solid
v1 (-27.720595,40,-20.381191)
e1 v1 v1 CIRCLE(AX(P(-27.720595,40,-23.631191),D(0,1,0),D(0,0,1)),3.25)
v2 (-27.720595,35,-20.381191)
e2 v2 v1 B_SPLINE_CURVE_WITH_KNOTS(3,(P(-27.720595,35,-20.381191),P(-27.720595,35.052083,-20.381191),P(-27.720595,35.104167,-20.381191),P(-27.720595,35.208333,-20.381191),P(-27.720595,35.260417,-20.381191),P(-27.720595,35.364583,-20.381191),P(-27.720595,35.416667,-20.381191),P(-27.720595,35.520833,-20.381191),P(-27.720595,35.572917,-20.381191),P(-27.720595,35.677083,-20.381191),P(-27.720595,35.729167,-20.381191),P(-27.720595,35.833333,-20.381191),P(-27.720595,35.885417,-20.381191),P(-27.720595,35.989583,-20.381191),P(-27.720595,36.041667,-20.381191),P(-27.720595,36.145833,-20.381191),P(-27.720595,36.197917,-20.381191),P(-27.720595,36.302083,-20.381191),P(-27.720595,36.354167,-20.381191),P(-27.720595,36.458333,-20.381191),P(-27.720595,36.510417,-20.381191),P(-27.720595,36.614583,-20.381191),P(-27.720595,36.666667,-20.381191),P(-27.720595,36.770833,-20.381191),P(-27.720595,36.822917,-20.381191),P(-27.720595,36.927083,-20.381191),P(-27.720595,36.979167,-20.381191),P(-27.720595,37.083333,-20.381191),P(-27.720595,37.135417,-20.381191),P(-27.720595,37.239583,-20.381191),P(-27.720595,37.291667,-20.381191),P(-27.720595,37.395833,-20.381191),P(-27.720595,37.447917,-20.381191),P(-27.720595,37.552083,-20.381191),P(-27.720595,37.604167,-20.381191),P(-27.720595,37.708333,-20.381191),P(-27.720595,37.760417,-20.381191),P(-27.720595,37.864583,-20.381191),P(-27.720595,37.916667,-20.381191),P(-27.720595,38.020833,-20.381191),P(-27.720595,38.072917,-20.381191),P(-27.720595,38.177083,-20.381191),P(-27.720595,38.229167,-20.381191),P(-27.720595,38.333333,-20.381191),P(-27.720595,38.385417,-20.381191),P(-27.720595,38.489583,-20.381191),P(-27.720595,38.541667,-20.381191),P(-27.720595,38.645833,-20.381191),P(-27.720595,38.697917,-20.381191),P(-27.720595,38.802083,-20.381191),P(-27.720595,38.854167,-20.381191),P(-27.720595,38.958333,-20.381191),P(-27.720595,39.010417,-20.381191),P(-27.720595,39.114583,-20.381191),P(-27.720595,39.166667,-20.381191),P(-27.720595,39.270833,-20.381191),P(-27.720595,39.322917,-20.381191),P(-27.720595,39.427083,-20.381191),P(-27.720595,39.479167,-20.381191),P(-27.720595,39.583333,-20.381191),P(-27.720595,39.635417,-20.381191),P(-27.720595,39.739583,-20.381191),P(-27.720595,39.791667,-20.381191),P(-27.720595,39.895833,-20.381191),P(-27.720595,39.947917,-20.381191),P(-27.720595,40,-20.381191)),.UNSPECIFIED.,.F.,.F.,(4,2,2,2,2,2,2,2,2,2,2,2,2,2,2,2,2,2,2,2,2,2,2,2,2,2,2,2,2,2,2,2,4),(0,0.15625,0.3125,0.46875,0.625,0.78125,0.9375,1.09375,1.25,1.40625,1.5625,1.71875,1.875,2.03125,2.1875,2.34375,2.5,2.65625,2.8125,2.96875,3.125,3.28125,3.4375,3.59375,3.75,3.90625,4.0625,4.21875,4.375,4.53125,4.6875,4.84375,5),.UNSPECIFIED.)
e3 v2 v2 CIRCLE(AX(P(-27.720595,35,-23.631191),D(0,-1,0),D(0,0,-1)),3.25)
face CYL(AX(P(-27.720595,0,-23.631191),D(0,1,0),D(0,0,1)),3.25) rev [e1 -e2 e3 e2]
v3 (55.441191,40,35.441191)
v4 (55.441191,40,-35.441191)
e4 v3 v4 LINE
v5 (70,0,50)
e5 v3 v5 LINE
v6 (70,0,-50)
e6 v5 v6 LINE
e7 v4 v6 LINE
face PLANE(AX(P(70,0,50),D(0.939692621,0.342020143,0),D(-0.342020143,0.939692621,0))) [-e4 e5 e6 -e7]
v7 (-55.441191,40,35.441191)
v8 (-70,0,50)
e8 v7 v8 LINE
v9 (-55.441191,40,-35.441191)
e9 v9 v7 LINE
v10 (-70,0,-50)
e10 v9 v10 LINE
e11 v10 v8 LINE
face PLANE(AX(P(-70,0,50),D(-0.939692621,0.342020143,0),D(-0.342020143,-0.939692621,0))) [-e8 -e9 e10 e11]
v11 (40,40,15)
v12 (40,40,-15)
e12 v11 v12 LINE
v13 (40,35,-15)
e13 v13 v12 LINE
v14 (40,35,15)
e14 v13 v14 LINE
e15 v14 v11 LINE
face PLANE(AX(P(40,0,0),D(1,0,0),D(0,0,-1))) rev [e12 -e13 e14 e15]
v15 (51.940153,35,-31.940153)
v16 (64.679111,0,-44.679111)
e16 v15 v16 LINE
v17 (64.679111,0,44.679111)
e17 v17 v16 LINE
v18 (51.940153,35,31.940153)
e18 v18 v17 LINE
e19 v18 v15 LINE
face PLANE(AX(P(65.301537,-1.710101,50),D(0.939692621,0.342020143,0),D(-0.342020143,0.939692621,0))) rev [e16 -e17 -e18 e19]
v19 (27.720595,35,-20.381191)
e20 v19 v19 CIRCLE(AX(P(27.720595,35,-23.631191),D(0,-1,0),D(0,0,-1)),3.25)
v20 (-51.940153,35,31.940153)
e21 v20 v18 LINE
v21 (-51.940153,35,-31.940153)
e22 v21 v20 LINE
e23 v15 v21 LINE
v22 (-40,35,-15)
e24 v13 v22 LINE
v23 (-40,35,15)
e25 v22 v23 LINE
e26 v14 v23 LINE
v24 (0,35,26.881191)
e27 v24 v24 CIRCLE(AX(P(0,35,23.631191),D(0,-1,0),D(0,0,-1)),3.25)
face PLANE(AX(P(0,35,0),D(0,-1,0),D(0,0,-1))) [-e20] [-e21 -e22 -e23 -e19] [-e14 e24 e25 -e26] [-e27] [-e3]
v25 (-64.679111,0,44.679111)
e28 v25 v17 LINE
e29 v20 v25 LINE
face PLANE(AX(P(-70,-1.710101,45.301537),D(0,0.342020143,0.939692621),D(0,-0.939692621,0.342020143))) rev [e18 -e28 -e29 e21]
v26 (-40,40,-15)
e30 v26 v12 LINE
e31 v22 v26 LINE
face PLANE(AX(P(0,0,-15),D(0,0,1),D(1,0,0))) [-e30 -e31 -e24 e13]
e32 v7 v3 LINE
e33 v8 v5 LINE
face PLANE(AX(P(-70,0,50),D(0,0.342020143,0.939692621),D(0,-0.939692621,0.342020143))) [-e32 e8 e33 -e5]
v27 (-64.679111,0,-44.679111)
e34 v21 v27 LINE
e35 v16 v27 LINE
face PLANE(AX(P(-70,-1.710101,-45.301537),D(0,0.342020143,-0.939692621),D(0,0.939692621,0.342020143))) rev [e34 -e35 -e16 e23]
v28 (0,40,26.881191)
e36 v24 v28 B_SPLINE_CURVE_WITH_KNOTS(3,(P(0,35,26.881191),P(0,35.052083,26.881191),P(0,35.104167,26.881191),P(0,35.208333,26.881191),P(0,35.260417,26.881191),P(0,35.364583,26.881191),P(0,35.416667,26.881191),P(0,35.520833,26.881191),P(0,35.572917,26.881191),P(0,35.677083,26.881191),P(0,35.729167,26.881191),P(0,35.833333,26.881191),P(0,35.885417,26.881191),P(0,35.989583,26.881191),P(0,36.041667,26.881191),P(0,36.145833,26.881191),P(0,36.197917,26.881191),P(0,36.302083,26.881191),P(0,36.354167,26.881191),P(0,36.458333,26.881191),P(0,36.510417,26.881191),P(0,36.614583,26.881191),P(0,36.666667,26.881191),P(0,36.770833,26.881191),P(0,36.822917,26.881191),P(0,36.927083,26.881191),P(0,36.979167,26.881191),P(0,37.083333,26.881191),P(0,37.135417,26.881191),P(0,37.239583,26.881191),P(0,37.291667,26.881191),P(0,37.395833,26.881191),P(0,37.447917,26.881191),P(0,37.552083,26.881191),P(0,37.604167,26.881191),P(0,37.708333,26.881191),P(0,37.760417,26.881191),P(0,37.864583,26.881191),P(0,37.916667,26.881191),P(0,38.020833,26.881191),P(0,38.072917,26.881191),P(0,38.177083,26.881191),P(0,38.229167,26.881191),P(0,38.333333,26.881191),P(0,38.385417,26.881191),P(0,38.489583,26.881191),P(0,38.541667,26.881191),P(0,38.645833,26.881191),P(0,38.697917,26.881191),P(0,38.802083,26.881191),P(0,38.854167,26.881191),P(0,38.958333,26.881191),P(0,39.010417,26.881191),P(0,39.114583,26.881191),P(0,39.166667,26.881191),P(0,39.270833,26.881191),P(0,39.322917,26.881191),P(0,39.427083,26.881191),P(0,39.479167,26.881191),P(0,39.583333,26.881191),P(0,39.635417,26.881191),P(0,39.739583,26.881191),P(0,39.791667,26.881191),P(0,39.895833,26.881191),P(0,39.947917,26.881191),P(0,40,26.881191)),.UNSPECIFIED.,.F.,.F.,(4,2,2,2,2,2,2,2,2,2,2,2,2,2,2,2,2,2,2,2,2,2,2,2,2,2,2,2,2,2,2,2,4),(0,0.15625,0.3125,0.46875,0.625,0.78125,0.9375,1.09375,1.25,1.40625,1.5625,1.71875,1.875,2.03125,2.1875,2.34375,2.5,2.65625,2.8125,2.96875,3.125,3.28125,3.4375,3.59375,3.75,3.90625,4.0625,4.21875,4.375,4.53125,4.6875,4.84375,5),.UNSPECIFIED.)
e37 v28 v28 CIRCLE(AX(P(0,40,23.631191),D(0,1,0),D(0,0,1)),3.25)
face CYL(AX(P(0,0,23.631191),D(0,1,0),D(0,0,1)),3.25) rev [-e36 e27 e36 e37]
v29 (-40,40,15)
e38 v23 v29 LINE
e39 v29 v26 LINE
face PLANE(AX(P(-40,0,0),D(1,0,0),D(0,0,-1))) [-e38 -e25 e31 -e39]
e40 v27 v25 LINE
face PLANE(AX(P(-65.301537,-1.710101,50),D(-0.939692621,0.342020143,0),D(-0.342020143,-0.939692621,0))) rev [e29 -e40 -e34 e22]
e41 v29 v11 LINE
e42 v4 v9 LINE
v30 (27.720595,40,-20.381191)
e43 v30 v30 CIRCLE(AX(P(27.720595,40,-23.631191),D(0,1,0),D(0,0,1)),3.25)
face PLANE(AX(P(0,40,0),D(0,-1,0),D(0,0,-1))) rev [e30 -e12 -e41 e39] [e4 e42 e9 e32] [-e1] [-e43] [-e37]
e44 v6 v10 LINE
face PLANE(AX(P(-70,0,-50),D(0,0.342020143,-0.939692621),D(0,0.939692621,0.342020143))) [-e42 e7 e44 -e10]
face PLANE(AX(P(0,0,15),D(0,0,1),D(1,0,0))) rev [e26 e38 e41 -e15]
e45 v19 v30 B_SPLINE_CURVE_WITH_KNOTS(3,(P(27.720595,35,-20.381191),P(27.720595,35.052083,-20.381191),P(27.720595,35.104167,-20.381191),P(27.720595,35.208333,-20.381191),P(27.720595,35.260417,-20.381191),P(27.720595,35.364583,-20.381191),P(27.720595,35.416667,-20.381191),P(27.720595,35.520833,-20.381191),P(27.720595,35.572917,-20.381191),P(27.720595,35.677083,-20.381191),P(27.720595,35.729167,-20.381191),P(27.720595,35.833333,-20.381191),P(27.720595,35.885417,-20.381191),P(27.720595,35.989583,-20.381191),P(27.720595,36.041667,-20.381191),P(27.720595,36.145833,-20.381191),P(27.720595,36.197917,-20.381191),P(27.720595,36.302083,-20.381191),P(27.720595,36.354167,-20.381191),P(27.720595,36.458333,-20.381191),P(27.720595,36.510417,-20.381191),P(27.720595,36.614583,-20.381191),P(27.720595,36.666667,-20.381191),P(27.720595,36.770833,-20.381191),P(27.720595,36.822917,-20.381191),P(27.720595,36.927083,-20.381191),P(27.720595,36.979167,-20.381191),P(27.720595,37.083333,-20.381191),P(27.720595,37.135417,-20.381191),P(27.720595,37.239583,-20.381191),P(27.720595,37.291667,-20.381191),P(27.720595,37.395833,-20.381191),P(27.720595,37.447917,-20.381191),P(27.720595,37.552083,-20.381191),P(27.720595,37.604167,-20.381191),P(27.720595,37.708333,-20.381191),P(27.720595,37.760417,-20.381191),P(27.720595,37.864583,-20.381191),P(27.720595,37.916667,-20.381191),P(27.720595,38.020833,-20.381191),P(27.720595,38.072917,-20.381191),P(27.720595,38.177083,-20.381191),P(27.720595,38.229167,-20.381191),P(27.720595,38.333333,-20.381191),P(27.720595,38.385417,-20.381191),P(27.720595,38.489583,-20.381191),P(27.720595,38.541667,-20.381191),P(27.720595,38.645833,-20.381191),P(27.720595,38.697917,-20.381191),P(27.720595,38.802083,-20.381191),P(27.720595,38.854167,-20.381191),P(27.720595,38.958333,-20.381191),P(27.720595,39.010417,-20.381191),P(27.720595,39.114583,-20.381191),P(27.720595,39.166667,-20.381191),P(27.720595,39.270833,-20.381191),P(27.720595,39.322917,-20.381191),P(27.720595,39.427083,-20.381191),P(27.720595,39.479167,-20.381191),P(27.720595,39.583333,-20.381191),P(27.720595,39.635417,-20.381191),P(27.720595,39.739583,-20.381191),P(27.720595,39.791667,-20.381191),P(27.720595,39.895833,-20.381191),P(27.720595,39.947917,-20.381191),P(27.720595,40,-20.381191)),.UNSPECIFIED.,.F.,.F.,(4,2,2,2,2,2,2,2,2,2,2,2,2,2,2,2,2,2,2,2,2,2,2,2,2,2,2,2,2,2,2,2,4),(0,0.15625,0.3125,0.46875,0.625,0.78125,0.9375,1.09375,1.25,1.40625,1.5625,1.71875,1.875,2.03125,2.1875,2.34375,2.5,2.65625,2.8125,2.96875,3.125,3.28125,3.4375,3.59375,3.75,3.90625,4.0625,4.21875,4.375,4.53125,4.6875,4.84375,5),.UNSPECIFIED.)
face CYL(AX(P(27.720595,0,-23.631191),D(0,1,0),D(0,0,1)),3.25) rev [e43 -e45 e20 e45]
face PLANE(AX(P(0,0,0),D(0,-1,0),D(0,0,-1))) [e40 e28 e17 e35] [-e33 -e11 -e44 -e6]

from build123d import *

# Parameters (mm, degrees)
SKETCH1_W           = 140
SKETCH1_H           = 100
BOSS_EXTRUDE2_DEPTH = 40
BOSS_EXTRUDE2_TAPER = 20
SHELL1_T            = -5
SKETCH3_R           = 3.25
SKETCH3_W           = 80
SKETCH3_H           = 30
CUT_EXTRUDE1_DEPTH  = 95.868329974


with BuildPart() as part:
    # Sketch1 → Boss-Extrude2 (new body)
    with BuildSketch(Plane(origin=(0, 0, 0), x_dir=(1, 0, 0), z_dir=(0, 1, 0))):
        Rectangle(SKETCH1_W, SKETCH1_H)
    extrude(amount=BOSS_EXTRUDE2_DEPTH, taper=BOSS_EXTRUDE2_TAPER)

    # Shell1
    shell1_openings = [part.faces().sort_by_distance(p)[0] for p in [
        (0, 0, 0),
    ]]
    offset(amount=SHELL1_T, openings=shell1_openings, kind=Kind.INTERSECTION)

    # Sketch3 → Cut-Extrude1 (cut, through all)
    with BuildSketch(Plane(origin=(0, 40, 0), x_dir=(1, 0, 0), z_dir=(0, 1, 0))):
        with Locations(Location((0, -23.631190629, 0), (0, 0, 270))):
            Circle(SKETCH3_R)
        with Locations(Location((-27.720595315, 23.631190629, 0), (0, 0, 270))):
            Circle(SKETCH3_R)
        with Locations(Location((27.720595315, 23.631190629, 0), (0, 0, 270))):
            Circle(SKETCH3_R)
        Rectangle(SKETCH3_W, SKETCH3_H)
    extrude(amount=-CUT_EXTRUDE1_DEPTH, mode=Mode.SUBTRACT)


solid = part.part
